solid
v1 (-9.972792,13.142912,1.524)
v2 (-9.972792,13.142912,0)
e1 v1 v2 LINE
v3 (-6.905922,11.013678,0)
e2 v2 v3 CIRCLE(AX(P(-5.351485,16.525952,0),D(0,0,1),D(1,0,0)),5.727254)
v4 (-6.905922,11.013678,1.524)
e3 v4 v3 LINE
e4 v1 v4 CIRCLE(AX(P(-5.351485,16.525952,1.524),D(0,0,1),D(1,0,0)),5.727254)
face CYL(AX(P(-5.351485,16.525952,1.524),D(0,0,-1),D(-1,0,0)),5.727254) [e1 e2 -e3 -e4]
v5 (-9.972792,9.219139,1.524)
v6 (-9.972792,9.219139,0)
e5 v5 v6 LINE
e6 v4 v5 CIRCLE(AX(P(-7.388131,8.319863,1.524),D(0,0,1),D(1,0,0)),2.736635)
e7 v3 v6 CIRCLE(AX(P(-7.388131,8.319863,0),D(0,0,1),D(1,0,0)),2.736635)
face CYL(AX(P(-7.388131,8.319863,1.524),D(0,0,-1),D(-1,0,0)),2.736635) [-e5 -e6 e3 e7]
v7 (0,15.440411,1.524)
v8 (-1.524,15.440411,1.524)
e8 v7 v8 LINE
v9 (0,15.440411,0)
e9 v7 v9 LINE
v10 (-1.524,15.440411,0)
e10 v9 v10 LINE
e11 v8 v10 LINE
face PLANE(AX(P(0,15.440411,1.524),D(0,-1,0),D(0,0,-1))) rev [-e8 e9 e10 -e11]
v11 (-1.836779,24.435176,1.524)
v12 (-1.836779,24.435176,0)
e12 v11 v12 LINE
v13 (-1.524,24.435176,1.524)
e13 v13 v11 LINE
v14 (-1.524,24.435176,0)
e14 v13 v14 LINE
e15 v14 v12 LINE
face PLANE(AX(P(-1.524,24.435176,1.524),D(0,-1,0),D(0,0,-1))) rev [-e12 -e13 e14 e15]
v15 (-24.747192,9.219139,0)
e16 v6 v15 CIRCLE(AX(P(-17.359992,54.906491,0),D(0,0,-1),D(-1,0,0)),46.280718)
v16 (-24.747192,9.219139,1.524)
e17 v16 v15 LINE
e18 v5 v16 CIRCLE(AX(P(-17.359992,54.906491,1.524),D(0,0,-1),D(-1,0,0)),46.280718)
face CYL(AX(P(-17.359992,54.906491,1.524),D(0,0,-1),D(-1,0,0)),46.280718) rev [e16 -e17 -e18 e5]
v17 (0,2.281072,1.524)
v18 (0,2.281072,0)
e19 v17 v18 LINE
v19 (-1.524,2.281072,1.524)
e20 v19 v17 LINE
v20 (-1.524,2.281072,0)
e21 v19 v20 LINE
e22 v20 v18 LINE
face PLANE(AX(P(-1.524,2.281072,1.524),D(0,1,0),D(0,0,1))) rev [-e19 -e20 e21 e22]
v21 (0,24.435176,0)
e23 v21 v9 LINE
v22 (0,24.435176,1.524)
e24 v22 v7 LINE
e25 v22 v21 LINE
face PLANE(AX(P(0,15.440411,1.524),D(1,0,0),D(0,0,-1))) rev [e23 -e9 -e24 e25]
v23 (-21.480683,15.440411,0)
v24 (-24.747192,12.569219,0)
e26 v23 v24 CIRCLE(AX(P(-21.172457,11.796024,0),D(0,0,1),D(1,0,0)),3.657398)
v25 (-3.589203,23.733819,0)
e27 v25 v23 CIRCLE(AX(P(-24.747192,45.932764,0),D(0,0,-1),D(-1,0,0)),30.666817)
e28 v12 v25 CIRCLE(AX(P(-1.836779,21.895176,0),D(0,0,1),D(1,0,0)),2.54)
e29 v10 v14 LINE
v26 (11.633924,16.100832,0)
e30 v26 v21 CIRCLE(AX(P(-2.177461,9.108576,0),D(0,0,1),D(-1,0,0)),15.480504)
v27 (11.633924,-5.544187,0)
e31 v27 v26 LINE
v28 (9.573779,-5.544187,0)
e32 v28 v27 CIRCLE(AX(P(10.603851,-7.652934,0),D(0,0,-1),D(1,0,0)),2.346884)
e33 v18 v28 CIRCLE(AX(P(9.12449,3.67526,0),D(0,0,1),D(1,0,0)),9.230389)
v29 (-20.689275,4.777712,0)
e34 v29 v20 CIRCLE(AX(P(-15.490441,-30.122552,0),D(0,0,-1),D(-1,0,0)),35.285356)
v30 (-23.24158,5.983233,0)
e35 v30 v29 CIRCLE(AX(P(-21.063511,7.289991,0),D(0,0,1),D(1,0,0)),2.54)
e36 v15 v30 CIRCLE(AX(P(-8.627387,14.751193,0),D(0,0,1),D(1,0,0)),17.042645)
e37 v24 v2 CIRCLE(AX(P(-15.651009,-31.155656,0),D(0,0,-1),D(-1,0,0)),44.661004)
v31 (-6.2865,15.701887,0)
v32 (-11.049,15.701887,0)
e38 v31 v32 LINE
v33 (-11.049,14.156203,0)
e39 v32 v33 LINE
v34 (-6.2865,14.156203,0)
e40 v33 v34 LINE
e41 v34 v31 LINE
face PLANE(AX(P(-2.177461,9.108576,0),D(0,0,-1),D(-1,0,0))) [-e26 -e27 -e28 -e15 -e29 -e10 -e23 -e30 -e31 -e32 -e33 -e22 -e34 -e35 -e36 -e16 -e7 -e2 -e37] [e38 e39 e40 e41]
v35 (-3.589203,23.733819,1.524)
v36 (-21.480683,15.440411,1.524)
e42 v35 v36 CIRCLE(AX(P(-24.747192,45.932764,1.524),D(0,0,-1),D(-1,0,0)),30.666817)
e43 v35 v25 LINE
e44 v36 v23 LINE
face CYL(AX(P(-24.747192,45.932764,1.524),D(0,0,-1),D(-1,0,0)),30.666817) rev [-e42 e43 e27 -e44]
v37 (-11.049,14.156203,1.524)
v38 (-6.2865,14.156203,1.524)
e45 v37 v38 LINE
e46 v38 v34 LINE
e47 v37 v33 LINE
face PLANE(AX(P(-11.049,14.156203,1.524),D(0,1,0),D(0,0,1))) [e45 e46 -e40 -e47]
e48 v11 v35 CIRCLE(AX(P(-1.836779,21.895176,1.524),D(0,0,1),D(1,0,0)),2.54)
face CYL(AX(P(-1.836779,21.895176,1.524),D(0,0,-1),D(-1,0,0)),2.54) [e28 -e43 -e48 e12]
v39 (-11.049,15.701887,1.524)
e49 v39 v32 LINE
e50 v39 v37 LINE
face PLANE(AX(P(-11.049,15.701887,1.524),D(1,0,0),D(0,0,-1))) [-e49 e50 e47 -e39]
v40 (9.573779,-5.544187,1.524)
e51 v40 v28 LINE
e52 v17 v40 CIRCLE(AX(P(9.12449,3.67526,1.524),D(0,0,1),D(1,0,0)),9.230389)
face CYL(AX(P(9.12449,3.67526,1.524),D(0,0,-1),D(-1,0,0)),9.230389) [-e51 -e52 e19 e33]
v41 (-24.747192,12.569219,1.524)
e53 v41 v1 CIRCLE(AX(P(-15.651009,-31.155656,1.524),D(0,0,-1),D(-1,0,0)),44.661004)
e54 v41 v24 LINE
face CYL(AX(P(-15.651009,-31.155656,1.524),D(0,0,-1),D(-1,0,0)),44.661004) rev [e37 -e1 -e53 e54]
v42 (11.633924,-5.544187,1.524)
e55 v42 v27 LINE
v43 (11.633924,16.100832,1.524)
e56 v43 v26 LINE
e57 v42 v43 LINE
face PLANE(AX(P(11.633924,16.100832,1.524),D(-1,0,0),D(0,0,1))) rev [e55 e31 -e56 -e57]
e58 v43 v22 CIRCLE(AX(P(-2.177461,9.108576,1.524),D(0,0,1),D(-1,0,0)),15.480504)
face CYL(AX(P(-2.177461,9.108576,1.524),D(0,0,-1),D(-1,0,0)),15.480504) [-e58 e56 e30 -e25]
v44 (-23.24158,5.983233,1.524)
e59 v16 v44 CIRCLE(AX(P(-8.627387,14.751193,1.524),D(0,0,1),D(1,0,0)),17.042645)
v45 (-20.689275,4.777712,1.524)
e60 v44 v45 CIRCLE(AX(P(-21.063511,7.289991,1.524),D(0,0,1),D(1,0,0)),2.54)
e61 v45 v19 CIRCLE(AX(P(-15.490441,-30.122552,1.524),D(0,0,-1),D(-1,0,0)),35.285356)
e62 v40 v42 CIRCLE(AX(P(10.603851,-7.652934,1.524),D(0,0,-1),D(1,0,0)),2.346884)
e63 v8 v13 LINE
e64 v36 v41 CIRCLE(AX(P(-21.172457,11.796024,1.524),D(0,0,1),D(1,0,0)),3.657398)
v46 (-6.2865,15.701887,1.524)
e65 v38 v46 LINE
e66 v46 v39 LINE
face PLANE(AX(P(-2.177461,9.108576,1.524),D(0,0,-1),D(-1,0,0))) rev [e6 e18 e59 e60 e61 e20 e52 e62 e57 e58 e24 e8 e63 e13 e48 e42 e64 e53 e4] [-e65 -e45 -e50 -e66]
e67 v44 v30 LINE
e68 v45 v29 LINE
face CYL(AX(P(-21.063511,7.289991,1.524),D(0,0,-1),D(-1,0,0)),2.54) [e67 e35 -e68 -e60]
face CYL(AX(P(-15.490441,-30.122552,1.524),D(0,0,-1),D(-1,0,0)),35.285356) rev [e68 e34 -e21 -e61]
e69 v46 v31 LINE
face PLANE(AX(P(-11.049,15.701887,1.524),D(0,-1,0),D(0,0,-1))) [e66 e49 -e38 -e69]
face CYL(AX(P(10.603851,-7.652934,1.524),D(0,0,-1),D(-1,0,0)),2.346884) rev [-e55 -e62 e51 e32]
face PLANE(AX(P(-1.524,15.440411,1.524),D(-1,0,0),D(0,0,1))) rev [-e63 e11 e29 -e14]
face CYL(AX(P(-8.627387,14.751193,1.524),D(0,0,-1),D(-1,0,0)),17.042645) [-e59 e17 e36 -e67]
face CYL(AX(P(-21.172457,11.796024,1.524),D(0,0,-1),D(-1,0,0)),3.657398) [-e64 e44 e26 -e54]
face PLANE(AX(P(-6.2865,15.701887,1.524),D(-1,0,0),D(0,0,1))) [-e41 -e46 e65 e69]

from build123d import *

# Parameters (mm, degrees)
SKETCH1_W           = 4.7625
SKETCH1_H           = 1.545684244
BOSS_EXTRUDE1_DEPTH = 1.524


with BuildPart() as part:
    # Sketch1 → Boss-Extrude1 (new body)
    with BuildSketch(Plane.XY):
        with BuildLine():
            Line((0, 15.440411119), (-1.524, 15.440411119))
            Line((-1.524, 15.440411119), (-1.524, 24.435175852))
            Line((-1.524, 24.435175852), (-1.836778674, 24.435175852))
            ThreePointArc((-1.836778674, 24.435175852), (-2.780560258, 24.253326891), (-3.589203495, 23.733818626))
            ThreePointArc((-3.589203495, 23.733818626), (-11.850131673, 18.109761084), (-21.480683494, 15.440411119))
            ThreePointArc((-21.480683494, 15.440411119), (-23.587055129, 14.543073006), (-24.747192379, 12.569219234))
            ThreePointArc((-24.747192379, 12.569219234), (-17.383897912, 13.471716361), (-9.972791779, 13.142911901))
            ThreePointArc((-9.972791779, 13.142911901), (-8.617730977, 11.821371906), (-6.905922332, 11.013678341))
            ThreePointArc((-6.905922332, 11.013678341), (-8.770219675, 10.681853269), (-9.972791779, 9.219139081))
            ThreePointArc((-9.972791779, 9.219139081), (-17.359992079, 8.625773055), (-24.747192379, 9.219139081))
            ThreePointArc((-24.747192379, 9.219139081), (-24.079326319, 7.561664754), (-23.241579524, 5.983233086))
            ThreePointArc((-23.241579524, 5.983233086), (-22.148302871, 4.993292395), (-20.68927527, 4.777712082))
            ThreePointArc((-20.68927527, 4.777712082), (-10.932367406, 4.867164845), (-1.524, 2.281072115))
            Line((-1.524, 2.281072115), (0, 2.281072115))
            ThreePointArc((0, 2.281072115), (3.282961886, -3.471531025), (9.573778774, -5.544187416))
            ThreePointArc((9.573778774, -5.544187416), (10.603851301, -5.306050671), (11.633923828, -5.544187416))
            Line((11.633923828, -5.544187416), (11.633923828, 16.100831607))
            ThreePointArc((11.633923828, 16.100831607), (6.837865982, 21.693085274), (0, 24.435175852))
            Line((0, 24.435175852), (0, 15.440411119))
        make_face()
        with Locations((-8.66775, 14.92904471)):
            Rectangle(SKETCH1_W, SKETCH1_H, mode=Mode.SUBTRACT)
    extrude(amount=BOSS_EXTRUDE1_DEPTH)


solid = part.part
